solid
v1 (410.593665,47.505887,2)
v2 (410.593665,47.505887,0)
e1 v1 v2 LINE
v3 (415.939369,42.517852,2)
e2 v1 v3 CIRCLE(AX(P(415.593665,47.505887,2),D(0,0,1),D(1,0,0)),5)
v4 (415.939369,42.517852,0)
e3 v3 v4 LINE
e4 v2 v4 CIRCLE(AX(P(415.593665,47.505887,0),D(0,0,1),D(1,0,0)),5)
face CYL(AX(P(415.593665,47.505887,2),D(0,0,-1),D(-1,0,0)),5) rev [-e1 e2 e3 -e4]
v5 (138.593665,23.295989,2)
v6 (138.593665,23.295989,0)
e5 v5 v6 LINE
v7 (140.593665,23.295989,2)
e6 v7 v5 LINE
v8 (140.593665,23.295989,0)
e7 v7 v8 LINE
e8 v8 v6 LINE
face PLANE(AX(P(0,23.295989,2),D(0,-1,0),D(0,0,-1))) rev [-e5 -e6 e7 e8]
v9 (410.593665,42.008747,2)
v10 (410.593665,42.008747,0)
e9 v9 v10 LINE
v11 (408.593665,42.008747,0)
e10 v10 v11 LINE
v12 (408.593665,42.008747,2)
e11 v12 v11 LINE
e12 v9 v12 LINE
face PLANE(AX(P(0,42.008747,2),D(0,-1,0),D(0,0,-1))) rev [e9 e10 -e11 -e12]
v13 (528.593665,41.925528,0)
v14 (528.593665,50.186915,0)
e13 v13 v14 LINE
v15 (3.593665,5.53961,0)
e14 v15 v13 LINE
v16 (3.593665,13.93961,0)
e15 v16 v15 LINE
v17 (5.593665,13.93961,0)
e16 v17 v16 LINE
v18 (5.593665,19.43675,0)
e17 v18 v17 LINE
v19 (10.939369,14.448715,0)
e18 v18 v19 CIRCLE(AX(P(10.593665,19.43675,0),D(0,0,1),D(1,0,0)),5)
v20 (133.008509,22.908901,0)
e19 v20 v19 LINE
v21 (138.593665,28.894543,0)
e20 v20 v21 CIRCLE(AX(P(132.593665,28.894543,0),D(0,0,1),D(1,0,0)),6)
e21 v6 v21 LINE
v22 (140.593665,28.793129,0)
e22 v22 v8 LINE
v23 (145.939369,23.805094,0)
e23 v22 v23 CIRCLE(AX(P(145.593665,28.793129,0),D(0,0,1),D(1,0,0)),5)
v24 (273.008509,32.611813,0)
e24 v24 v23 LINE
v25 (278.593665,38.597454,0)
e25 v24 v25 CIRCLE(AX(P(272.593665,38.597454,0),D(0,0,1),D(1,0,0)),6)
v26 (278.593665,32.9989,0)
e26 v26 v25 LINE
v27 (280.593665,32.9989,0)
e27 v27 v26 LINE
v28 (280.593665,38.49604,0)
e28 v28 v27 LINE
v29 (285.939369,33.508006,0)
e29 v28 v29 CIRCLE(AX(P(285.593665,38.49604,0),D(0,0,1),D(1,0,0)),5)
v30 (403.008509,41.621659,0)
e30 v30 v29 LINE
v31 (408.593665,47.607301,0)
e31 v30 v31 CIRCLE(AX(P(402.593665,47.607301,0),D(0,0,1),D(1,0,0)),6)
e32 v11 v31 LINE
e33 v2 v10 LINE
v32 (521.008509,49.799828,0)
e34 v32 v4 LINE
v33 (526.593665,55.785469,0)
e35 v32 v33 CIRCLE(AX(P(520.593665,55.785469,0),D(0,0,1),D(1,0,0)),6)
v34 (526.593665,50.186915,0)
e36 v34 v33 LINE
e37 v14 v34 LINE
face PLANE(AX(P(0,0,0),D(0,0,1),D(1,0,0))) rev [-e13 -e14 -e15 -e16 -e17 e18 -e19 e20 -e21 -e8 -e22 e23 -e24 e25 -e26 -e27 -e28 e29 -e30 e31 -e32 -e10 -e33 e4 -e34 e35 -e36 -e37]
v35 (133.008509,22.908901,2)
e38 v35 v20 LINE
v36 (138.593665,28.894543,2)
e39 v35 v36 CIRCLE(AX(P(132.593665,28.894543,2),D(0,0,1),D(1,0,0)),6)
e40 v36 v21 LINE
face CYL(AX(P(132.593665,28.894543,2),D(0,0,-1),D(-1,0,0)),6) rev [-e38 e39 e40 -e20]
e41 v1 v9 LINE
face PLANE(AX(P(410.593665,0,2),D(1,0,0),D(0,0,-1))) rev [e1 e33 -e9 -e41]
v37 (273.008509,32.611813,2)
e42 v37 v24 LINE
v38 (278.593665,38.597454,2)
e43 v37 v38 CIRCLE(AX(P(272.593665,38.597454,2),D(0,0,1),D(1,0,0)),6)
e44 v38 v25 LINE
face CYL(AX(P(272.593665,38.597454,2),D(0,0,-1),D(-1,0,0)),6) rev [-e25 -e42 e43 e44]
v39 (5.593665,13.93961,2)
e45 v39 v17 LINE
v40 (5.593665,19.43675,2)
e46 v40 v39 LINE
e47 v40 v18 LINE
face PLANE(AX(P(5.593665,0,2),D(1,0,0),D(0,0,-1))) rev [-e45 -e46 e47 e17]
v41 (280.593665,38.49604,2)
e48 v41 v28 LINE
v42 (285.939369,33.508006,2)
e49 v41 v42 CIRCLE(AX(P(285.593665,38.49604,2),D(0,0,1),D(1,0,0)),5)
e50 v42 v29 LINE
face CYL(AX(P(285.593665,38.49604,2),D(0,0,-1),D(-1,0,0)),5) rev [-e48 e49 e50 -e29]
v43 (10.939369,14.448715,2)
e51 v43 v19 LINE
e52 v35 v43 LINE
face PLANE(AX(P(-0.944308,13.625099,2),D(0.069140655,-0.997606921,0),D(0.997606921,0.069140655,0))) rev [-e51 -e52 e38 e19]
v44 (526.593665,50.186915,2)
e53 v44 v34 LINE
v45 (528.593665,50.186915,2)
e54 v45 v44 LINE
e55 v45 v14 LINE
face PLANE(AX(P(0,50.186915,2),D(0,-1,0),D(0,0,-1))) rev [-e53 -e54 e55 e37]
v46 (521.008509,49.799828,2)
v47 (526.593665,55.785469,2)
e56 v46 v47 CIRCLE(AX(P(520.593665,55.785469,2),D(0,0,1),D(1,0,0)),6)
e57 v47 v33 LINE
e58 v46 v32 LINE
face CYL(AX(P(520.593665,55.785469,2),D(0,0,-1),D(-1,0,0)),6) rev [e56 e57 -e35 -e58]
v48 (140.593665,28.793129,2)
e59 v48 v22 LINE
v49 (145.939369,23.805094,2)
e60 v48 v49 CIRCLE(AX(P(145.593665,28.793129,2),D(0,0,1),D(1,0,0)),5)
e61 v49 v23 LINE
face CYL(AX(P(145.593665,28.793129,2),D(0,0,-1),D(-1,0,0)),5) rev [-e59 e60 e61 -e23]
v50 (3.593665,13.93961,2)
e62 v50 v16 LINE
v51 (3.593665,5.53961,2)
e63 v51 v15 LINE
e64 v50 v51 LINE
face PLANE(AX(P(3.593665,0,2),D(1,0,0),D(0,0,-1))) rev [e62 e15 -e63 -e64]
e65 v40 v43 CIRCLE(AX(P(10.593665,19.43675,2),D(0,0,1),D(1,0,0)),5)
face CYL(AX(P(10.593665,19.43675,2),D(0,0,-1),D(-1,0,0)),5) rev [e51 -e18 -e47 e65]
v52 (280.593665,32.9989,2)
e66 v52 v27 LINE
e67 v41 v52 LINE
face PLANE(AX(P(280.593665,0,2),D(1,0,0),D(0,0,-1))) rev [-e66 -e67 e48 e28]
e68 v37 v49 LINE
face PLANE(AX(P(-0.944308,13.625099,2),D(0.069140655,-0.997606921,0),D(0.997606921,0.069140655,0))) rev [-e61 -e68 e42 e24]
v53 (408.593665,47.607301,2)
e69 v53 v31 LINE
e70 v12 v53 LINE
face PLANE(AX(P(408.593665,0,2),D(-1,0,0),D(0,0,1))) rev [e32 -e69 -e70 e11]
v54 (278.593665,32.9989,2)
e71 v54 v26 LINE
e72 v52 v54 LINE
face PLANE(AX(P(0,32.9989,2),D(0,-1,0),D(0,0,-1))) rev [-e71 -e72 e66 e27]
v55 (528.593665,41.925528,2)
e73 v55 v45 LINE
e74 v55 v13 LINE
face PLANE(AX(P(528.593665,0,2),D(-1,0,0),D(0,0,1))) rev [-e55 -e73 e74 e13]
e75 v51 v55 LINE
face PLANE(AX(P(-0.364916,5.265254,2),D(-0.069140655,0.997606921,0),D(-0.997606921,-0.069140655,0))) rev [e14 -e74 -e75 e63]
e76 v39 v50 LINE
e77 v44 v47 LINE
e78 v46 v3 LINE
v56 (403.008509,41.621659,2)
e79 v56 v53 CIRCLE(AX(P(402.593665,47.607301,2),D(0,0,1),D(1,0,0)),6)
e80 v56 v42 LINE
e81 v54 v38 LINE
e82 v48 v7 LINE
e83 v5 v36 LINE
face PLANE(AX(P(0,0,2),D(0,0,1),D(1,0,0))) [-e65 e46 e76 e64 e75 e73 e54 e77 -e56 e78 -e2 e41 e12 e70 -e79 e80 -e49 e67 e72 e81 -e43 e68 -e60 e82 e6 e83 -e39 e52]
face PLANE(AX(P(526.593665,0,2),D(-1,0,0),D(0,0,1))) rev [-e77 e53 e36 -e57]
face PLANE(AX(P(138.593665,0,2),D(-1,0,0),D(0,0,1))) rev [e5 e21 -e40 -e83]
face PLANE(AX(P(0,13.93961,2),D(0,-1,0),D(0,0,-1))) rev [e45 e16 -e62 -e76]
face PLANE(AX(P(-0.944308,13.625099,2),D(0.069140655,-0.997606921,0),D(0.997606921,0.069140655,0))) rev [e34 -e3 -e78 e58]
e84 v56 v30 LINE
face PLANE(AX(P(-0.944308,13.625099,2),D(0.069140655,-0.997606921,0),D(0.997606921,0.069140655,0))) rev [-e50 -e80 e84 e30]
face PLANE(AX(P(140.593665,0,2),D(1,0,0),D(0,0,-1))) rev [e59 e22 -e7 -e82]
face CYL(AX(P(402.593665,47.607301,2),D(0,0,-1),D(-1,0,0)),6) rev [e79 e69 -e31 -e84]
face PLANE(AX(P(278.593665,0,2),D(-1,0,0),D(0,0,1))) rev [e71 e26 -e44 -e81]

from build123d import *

# Parameters (mm, degrees)
EXTRUDE_1_DEPTH = 2


with BuildPart() as part:
    # 草图1 → 凸台-拉伸1 (new body)
    with BuildSketch(Plane.XY):
        with BuildLine():
            Line((5.593665372, 13.939609945), (3.593665372, 13.939609945))
            Line((3.593665372, 13.939609945), (3.593665372, 5.539609945))
            Line((3.593665372, 5.539609945), (528.593665372, 41.925528217))
            Line((528.593665372, 41.925528217), (528.593665372, 50.186915195))
            Line((528.593665372, 50.186915195), (526.593665372, 50.186915195))
            Line((526.593665372, 50.186915195), (526.593665372, 55.785469044))
            ThreePointArc((526.593665372, 55.785469044), (524.980524361, 51.692124664), (521.008509302, 49.799827515))
            Line((521.008509302, 49.799827515), (415.939368647, 42.517851963))
            ThreePointArc((415.939368647, 42.517851963), (412.182545056, 43.850170746), (410.593665372, 47.50588657))
            Line((410.593665372, 47.50588657), (410.593665372, 42.008746898))
            Line((410.593665372, 42.008746898), (408.593665372, 42.008746898))
            Line((408.593665372, 42.008746898), (408.593665372, 47.607300746))
            ThreePointArc((408.593665372, 47.607300746), (406.980524361, 43.513956367), (403.008509302, 41.621659217))
            Line((403.008509302, 41.621659217), (285.939368647, 33.508005533))
            ThreePointArc((285.939368647, 33.508005533), (282.182545056, 34.840324317), (280.593665372, 38.496040141))
            Line((280.593665372, 38.496040141), (280.593665372, 32.998900469))
            Line((280.593665372, 32.998900469), (278.593665372, 32.998900469))
            Line((278.593665372, 32.998900469), (278.593665372, 38.597454317))
            ThreePointArc((278.593665372, 38.597454317), (276.980524361, 34.504109938), (273.008509302, 32.611812788))
            Line((273.008509302, 32.611812788), (145.939368647, 23.805093994))
            ThreePointArc((145.939368647, 23.805093994), (142.182545056, 25.137412778), (140.593665372, 28.793128602))
            Line((140.593665372, 28.793128602), (140.593665372, 23.29598893))
            Line((140.593665372, 23.29598893), (138.593665372, 23.29598893))
            Line((138.593665372, 23.29598893), (138.593665372, 28.894542778))
            ThreePointArc((138.593665372, 28.894542778), (136.980524361, 24.801198399), (133.008509302, 22.908901249))
            Line((133.008509302, 22.908901249), (10.939368647, 14.44871501))
            ThreePointArc((10.939368647, 14.44871501), (7.182545056, 15.781033793), (5.593665372, 19.436749618))
            Line((5.593665372, 19.436749618), (5.593665372, 13.939609945))
        make_face()
    extrude(amount=EXTRUDE_1_DEPTH)


solid = part.part
